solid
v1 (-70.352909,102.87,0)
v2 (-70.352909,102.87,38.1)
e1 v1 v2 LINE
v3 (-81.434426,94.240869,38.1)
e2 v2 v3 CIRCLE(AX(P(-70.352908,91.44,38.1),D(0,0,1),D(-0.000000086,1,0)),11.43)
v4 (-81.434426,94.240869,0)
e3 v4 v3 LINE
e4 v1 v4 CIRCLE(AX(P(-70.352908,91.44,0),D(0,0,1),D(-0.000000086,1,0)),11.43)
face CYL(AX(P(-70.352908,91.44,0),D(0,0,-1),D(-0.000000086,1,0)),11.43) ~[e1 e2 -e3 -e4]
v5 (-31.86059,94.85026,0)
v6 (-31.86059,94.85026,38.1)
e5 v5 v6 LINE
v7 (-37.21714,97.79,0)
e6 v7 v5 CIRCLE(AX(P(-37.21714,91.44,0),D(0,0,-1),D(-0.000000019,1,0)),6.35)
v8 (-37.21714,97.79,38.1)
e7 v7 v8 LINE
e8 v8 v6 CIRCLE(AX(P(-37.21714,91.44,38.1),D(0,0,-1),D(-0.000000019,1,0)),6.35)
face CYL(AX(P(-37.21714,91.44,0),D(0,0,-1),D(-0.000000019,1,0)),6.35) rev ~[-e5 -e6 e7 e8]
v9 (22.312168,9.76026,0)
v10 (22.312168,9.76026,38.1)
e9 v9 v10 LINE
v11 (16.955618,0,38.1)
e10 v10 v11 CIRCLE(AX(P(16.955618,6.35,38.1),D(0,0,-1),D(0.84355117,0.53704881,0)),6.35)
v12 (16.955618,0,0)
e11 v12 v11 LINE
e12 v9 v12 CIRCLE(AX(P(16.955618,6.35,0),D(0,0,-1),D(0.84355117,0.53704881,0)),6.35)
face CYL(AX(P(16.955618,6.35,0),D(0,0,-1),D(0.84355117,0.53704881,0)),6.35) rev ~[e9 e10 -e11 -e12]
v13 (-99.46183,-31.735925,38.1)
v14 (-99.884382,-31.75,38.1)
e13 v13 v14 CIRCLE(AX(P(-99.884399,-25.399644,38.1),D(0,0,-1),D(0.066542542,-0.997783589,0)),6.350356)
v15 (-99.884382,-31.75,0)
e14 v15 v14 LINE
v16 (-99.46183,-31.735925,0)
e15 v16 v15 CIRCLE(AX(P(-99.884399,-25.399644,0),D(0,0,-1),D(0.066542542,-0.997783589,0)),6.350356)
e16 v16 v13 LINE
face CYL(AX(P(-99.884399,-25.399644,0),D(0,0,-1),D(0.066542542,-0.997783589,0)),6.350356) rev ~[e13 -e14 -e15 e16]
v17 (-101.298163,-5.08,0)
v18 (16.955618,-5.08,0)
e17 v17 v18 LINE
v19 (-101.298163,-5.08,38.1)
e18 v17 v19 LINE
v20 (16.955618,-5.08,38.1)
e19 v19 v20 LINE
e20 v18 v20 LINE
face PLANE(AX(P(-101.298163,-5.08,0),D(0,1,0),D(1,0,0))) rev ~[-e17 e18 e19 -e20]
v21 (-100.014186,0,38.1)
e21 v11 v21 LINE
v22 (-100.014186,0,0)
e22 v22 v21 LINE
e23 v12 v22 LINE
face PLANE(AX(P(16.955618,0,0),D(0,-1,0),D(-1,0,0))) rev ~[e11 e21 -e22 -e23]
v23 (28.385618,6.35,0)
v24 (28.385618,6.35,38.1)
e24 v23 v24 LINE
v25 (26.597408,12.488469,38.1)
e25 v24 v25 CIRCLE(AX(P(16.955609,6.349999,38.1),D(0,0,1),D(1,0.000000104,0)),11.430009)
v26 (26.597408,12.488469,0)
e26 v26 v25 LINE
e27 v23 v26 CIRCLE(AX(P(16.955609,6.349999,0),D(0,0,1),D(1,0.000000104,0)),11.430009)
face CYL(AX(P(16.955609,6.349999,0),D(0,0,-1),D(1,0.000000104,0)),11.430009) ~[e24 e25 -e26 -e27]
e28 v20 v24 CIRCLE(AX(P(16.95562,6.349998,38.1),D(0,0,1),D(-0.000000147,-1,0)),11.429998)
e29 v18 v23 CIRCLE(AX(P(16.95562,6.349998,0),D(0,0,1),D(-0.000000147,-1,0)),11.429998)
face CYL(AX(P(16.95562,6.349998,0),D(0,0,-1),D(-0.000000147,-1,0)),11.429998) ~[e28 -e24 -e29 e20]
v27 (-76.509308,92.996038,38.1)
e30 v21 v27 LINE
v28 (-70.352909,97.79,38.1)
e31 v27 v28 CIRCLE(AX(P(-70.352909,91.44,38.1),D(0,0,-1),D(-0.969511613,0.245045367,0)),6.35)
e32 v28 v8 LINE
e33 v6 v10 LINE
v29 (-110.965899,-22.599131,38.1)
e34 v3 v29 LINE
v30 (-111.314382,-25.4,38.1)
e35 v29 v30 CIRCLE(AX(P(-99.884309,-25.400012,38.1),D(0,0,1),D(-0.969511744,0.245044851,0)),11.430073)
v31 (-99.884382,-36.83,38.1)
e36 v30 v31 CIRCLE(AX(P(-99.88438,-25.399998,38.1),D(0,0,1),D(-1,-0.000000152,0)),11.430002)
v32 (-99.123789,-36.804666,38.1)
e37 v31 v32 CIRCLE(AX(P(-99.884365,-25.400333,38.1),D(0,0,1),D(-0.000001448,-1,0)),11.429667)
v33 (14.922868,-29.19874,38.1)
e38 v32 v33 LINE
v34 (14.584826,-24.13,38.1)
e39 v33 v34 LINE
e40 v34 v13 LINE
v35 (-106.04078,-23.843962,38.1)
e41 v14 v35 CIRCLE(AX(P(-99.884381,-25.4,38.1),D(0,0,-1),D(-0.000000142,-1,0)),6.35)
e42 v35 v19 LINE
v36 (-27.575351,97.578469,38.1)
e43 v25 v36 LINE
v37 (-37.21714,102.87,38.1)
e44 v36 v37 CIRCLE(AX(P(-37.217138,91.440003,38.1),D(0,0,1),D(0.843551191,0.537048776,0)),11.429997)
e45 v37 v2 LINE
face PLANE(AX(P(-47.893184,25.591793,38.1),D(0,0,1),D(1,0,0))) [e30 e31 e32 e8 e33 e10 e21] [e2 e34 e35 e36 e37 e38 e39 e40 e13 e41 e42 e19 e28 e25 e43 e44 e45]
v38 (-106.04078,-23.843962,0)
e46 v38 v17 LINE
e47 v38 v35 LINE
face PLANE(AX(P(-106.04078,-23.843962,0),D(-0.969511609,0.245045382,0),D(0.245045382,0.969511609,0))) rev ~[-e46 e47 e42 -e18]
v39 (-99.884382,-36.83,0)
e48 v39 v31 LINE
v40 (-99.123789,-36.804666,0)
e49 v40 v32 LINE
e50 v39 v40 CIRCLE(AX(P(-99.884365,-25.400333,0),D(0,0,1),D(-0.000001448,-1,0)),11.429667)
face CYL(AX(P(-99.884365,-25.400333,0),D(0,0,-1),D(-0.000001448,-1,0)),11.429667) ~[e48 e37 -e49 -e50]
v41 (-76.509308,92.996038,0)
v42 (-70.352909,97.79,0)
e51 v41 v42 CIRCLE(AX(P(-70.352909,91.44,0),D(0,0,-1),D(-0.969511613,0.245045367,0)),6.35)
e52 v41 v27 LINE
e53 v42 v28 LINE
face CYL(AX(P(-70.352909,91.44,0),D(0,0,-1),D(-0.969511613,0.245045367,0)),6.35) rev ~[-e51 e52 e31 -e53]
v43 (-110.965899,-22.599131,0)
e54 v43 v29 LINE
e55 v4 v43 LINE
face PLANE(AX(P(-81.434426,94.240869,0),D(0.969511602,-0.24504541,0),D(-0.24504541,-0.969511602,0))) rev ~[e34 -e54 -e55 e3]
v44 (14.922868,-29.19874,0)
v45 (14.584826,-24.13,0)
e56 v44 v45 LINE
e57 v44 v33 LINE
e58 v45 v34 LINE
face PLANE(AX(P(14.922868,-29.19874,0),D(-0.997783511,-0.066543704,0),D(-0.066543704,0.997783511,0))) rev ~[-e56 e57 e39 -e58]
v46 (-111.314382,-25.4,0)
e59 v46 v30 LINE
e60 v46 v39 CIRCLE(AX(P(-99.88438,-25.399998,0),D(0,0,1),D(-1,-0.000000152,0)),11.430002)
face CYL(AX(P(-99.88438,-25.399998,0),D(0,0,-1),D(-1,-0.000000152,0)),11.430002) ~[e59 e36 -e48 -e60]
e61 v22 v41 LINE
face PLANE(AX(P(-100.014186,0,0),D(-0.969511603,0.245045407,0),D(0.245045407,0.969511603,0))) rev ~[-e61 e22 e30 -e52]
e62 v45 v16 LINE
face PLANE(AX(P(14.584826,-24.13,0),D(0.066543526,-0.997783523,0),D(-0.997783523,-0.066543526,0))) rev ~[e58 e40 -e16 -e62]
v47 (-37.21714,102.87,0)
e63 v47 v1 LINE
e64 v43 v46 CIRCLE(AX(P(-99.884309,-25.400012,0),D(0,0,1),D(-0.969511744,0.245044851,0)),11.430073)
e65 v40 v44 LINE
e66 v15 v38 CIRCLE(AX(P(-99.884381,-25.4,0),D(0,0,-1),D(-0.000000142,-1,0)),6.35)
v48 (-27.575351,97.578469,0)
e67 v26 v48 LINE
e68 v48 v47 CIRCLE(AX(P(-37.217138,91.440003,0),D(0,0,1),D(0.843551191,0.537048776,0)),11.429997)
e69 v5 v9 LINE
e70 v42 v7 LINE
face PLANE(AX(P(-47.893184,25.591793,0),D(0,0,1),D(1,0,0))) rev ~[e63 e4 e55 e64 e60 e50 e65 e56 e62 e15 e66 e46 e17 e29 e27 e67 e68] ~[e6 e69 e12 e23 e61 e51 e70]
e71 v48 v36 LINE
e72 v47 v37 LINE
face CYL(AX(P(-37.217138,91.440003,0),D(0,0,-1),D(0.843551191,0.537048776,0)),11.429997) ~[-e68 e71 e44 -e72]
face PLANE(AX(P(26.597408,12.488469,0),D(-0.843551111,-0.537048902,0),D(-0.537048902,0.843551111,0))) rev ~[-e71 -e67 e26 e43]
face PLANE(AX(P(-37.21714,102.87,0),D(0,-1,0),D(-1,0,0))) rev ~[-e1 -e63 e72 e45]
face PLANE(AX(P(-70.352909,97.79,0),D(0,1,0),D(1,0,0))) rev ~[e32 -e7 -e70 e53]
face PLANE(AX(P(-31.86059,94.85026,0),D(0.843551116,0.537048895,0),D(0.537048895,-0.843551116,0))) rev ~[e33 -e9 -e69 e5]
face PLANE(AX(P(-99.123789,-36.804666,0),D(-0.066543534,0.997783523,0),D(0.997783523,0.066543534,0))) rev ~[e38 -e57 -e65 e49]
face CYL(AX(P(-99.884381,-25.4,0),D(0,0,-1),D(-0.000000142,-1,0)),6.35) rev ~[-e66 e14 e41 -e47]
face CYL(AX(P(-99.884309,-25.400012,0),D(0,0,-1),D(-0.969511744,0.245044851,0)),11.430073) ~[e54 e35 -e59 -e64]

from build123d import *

# Parameters (mm, degrees)
F1_DEPTH = 38.1


with BuildPart() as f1:
    # F0 (on Top) → F1 (new body)
    with BuildSketch(Plane.XY):
        with BuildLine():
            Line((-100.014186, 0), (-76.509308, 92.996038))
            ThreePointArc((-76.509308, 92.996038), (-74.254297, 96.450157), (-70.352909, 97.79))
            Line((-70.352909, 97.79), (-37.21714, 97.79))
            ThreePointArc((-37.21714, 97.79), (-34.162034, 97.006761), (-31.86059, 94.85026))
            Line((-31.86059, 94.85026), (22.312168, 9.76026))
            ThreePointArc((22.312168, 9.76026), (22.522379, 3.294894), (16.955618, 0))
            Line((16.955618, 0), (16.955618, -5.08))
            ThreePointArc((16.955618, -5.08), (25.037849, -1.732231), (28.385618, 6.35))
            ThreePointArc((28.385618, 6.35), (27.929463, 9.546815), (26.597408, 12.488469))
            Line((26.597408, 12.488469), (-27.575351, 97.578469))
            ThreePointArc((-27.575351, 97.578469), (-31.717949, 101.46017), (-37.21714, 102.87))
            Line((-37.21714, 102.87), (-70.352909, 102.87))
            ThreePointArc((-70.352909, 102.87), (-77.375407, 100.458282), (-81.434426, 94.240869))
            Line((-81.434426, 94.240869), (-110.965899, -22.599131))
            ThreePointArc((-110.965899, -22.599131), (-111.226926, -23.988768), (-111.314382, -25.4))
            ThreePointArc((-111.314382, -25.4), (-107.966612, -33.48223), (-99.884382, -36.83))
            ThreePointArc((-99.884382, -36.83), (-99.503874, -36.823665), (-99.123789, -36.804666))
            Line((-99.123789, -36.804666), (14.922868, -29.19874))
            Line((14.922868, -29.19874), (14.584826, -24.13))
            Line((14.584826, -24.13), (-99.46183, -31.735925))
            ThreePointArc((-99.46183, -31.735925), (-99.672989, -31.74648), (-99.884382, -31.75))
            ThreePointArc((-99.884382, -31.75), (-104.894538, -29.301388), (-106.04078, -23.843962))
            Line((-106.04078, -23.843962), (-101.298163, -5.08))
            Line((-101.298163, -5.08), (-100.014186, 0))
        make_face()
        Polygon((0, 0), (-100.014186, 0), (-101.298163, -5.08), (0, -5.08), (16.955618, -5.08), (16.955618, 0), (4.030591, 0), align=None)
    extrude(amount=F1_DEPTH)


solid = f1.part
